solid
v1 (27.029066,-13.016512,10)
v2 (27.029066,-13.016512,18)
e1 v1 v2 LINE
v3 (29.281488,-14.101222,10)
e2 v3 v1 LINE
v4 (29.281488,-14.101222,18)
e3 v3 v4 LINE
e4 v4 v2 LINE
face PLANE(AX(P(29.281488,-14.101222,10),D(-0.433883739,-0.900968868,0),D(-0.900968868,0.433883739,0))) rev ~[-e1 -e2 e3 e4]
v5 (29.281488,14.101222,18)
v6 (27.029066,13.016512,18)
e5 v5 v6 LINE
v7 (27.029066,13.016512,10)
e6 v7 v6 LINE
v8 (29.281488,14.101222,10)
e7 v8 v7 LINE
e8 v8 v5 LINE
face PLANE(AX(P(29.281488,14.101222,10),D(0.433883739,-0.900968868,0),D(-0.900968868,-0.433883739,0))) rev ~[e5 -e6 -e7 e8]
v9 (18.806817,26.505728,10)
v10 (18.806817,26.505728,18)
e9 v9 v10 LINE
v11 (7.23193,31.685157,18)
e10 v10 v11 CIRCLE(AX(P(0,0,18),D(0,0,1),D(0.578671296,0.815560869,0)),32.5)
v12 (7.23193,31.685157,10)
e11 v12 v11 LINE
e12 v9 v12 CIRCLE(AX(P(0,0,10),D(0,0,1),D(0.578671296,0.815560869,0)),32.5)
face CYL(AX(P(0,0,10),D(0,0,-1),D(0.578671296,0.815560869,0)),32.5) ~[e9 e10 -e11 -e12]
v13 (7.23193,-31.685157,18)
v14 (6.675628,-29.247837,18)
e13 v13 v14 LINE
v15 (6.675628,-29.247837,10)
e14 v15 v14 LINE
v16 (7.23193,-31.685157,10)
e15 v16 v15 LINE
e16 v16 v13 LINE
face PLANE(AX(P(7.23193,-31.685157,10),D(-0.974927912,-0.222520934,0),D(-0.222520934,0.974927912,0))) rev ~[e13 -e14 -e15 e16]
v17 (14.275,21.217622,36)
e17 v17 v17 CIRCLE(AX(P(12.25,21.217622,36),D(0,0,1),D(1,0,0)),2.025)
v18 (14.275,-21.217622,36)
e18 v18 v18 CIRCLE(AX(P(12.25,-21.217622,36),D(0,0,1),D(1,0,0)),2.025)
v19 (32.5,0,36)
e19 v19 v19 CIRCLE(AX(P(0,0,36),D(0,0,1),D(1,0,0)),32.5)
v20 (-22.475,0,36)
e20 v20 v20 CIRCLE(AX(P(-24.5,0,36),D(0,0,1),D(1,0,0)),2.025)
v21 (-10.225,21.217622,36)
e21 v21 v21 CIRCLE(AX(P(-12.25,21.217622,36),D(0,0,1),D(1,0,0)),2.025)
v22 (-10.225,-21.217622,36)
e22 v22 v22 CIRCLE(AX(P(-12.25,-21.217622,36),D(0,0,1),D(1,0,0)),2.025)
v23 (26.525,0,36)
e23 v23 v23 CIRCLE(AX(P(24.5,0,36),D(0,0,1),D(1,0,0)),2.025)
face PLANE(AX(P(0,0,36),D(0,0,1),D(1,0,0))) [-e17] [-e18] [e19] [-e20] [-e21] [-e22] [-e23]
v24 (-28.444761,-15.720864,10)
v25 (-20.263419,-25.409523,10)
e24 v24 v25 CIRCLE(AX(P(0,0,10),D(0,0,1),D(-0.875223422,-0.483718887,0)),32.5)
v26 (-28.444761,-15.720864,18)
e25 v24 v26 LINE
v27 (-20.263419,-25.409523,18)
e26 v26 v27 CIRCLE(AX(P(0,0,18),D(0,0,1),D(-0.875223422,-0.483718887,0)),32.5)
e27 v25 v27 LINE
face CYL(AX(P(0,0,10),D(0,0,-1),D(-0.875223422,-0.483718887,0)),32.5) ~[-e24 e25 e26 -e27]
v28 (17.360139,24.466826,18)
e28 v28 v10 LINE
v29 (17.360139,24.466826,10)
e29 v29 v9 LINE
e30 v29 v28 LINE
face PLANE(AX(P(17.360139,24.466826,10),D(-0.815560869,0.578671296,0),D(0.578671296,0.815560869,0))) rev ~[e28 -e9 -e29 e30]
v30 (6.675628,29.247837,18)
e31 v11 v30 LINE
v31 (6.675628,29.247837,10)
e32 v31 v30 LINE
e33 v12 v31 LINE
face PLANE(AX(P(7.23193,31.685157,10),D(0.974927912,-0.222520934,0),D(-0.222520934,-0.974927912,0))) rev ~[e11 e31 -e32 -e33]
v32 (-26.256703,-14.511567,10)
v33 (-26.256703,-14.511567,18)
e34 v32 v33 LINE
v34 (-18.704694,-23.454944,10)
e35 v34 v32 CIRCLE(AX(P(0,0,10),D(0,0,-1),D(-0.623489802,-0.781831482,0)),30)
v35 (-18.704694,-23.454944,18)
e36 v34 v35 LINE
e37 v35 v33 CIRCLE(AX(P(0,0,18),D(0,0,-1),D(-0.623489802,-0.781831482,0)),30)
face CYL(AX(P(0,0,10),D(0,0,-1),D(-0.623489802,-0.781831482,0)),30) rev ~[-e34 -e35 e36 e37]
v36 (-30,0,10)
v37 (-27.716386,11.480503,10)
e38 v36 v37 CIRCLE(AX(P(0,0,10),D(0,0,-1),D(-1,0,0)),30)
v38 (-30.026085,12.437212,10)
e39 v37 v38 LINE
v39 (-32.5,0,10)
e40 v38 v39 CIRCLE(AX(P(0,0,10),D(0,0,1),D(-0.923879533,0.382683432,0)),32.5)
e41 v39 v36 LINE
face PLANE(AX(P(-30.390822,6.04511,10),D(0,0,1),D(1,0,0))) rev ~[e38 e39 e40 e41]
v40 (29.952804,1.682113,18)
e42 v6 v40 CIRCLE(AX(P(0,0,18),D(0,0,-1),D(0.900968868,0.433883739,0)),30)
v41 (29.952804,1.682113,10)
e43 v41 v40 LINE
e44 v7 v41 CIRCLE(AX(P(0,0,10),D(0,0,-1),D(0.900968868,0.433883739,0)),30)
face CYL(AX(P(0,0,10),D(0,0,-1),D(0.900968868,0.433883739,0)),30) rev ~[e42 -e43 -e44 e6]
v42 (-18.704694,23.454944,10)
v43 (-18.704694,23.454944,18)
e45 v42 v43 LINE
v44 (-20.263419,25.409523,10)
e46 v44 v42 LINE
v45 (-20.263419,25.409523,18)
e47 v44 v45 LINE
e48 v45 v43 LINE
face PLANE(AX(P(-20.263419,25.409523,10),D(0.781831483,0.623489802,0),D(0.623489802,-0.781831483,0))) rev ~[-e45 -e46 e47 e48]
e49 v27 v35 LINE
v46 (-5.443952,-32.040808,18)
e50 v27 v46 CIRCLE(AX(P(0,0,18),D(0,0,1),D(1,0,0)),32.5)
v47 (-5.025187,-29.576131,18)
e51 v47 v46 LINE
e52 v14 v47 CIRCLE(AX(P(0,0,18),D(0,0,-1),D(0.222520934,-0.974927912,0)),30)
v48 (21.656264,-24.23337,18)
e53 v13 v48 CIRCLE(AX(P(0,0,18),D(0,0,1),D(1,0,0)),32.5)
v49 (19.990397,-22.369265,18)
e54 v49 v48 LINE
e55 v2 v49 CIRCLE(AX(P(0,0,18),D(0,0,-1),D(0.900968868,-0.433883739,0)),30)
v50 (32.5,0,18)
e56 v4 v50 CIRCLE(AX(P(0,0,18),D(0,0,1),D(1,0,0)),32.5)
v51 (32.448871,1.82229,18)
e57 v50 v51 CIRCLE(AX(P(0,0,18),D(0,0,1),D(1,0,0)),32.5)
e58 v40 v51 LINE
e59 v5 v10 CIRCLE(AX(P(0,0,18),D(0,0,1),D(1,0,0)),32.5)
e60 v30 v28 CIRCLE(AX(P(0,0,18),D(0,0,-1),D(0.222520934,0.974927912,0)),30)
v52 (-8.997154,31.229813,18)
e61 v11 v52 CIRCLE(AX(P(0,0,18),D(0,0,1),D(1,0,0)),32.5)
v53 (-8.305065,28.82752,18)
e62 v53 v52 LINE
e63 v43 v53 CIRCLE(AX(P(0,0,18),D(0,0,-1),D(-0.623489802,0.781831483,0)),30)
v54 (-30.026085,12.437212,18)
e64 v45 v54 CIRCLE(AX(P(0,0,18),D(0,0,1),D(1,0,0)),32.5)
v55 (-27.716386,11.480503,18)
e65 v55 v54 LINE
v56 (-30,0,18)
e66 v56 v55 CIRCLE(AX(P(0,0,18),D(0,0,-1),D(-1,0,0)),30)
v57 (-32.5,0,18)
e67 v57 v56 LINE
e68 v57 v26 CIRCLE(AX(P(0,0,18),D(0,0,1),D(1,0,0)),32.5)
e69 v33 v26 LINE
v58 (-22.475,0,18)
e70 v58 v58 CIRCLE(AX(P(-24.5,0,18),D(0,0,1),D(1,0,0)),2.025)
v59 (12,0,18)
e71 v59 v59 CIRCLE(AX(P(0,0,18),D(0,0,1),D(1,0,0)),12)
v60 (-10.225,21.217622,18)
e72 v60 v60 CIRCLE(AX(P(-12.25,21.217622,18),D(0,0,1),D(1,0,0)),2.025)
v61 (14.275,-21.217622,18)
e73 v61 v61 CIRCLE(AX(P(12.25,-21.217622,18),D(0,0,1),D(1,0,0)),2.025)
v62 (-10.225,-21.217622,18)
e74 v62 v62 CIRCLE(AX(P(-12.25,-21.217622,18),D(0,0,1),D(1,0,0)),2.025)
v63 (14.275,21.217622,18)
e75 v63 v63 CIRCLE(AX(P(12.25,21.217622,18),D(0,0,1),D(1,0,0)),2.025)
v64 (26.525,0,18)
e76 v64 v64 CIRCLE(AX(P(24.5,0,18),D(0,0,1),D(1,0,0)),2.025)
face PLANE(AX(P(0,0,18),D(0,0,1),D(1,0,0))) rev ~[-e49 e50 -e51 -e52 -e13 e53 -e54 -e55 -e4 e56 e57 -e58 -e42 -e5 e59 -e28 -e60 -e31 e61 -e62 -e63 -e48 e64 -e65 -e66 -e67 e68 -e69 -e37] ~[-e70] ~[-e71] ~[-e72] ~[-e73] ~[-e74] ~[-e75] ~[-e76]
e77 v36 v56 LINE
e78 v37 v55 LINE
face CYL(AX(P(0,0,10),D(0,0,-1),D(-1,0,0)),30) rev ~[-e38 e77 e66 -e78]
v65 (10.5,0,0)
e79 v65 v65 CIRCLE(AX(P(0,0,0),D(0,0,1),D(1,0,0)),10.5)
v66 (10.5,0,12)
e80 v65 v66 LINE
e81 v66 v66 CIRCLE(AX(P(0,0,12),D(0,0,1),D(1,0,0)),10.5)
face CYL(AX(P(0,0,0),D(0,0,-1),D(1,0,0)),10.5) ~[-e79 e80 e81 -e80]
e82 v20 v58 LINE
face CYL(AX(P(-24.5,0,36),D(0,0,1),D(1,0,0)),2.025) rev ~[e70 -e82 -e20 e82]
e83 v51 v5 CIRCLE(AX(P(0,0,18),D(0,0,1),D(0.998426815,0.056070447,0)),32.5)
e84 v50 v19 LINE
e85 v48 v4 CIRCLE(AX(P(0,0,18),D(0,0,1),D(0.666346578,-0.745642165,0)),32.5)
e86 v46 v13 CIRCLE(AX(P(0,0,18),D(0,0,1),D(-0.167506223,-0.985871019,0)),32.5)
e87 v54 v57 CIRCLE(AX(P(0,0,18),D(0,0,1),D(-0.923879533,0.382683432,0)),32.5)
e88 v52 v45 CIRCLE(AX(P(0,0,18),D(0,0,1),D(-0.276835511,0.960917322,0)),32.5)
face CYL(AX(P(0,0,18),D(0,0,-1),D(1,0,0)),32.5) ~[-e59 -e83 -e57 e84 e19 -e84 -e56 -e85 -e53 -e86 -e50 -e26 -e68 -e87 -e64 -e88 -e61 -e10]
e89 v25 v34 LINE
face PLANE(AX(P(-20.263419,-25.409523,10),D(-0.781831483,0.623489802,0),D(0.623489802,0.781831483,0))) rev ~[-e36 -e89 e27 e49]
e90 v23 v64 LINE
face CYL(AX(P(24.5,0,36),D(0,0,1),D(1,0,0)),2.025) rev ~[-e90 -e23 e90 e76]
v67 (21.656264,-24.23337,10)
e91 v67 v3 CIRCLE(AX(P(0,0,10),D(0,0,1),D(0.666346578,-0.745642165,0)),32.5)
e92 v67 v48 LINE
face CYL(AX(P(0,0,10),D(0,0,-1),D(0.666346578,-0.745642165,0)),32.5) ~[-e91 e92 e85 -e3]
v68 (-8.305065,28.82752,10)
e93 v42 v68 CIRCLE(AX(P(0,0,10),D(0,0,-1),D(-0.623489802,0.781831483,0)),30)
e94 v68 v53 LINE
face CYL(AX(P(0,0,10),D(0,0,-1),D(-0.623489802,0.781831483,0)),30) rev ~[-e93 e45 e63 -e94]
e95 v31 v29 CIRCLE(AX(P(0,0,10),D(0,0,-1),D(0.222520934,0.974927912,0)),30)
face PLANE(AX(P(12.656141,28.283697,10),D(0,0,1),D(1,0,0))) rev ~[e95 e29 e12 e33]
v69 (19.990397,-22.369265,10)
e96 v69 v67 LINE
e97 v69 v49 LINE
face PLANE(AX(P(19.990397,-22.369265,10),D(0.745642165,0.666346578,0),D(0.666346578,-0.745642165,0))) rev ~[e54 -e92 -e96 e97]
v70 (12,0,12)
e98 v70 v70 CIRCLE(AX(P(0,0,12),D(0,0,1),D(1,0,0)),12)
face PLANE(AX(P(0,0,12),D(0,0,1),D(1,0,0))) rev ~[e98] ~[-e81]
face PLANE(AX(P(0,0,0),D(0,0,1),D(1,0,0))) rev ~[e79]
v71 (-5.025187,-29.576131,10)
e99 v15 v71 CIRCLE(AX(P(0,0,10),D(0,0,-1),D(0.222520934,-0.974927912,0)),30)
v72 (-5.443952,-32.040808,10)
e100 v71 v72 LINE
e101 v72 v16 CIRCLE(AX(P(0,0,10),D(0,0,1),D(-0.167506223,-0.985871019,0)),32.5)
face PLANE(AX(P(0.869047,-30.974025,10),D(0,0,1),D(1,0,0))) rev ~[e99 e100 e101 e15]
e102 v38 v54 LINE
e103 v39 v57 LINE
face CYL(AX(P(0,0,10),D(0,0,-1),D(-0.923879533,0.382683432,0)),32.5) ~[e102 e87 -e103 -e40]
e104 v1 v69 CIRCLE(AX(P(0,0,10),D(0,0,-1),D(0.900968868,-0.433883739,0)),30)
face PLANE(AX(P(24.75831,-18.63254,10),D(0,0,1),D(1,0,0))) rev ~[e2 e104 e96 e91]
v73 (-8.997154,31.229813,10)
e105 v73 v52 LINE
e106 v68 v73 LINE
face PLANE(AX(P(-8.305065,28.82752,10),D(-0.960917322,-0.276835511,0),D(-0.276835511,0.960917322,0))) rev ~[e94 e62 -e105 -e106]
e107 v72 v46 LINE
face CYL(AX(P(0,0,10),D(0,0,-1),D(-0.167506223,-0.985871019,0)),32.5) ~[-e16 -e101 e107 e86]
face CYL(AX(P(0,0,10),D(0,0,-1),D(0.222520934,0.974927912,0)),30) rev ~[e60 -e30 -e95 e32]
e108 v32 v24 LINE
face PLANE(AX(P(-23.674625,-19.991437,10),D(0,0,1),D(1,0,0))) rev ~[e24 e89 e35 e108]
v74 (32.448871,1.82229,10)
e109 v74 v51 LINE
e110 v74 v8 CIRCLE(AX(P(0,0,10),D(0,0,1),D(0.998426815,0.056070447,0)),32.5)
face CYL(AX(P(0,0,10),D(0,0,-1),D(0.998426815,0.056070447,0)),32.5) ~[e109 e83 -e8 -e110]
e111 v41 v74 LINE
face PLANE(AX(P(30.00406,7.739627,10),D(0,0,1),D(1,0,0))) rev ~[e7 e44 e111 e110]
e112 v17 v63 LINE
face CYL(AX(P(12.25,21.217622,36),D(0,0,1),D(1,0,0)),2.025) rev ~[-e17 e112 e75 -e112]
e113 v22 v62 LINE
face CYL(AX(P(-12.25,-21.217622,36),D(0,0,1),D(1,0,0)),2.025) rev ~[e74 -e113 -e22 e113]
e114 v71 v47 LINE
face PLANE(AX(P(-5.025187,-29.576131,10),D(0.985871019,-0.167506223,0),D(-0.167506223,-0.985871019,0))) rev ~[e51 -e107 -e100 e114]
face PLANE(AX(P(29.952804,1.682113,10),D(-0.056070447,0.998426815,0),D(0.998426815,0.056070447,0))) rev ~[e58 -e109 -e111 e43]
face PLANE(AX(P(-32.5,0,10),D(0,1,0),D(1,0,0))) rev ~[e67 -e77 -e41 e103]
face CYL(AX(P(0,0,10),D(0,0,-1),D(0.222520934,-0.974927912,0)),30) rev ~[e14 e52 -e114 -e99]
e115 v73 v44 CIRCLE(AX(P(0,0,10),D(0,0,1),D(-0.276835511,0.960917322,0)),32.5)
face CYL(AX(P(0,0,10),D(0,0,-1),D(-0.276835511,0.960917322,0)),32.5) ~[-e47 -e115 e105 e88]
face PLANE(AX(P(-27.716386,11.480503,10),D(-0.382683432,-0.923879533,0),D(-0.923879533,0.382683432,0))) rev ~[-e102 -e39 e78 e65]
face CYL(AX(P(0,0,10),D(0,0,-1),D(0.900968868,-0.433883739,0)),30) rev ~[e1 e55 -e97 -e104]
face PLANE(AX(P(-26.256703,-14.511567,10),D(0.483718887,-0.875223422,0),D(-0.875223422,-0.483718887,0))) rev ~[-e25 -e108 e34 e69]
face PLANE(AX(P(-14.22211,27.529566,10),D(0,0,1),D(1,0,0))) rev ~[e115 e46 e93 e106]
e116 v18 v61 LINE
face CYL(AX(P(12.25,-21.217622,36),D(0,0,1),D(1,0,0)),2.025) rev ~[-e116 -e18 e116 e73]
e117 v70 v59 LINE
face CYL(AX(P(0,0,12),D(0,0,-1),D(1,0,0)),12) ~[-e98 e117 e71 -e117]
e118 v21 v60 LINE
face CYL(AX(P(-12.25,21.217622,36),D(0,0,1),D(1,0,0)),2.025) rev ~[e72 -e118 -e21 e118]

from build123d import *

# Parameters (mm, degrees)
SKETCH1_R           = 10.5
BOSS_EXTRUDE1_DEPTH = 12
SKETCH2_R           = 12
BOSS_EXTRUDE2_DEPTH = 6
SKETCH3_R           = 32.5
BOSS_EXTRUDE3_DEPTH = 18
SKETCH4_R           = 2.025
CUT_EXTRUDE1_DEPTH  = 59.38236035
BOSS_EXTRUDE4_START = 8
BOSS_EXTRUDE4_DEPTH = 8


with BuildPart() as part:
    # Sketch1 → Boss-Extrude1 (new body)
    with BuildSketch(Plane.XY):
        Circle(SKETCH1_R)
    extrude(amount=BOSS_EXTRUDE1_DEPTH)

    # Sketch2 → Boss-Extrude2 (add)
    with BuildSketch(Plane.XY.offset(12)):
        Circle(SKETCH2_R)
    extrude(amount=BOSS_EXTRUDE2_DEPTH)

    # Sketch3 → Boss-Extrude3 (add)
    with BuildSketch(Plane.XY.offset(18)):
        Circle(SKETCH3_R)
    extrude(amount=BOSS_EXTRUDE3_DEPTH)

    # Sketch4 → Cut-Extrude1 (cut, through all)
    with BuildSketch(Plane.XY.offset(36)):
        with Locations((24.5, 0)):
            Circle(SKETCH4_R)
        with Locations((12.25, -21.217622393)):
            Circle(SKETCH4_R)
        with Locations((-12.25, -21.217622393)):
            Circle(SKETCH4_R)
        with Locations((-24.5, 0)):
            Circle(SKETCH4_R)
        with Locations((-12.25, 21.217622393)):
            Circle(SKETCH4_R)
        with Locations((12.25, 21.217622393)):
            Circle(SKETCH4_R)
    extrude(amount=-CUT_EXTRUDE1_DEPTH, mode=Mode.SUBTRACT)

    # Sketch5 → Boss-Extrude4 (add)
    with BuildSketch(Plane(origin=(0, 0, 18), x_dir=(-1, 0, 0), z_dir=(0, 0, -1)).offset(BOSS_EXTRUDE4_START)):
        with BuildLine():
            Line((27.716385975, 11.480502971), (30.026084807, 12.437211552))
            ThreePointArc((30.026084807, 12.437211552), (31.875521613, 6.340435466), (32.5, 0))
            Line((32.5, 0), (30, 0))
            ThreePointArc((30, 0), (29.423558412, 5.85270966), (27.716385975, 11.480502971))
        make_face()
        with BuildLine():
            Line((26.256702657, -14.511566613), (28.444761212, -15.720863831))
            ThreePointArc((28.444761212, -15.720863831), (24.831214714, -20.968089465), (20.26341856, -25.40952318))
            Line((20.26341856, -25.40952318), (18.704694056, -23.454944474))
            ThreePointArc((18.704694056, -23.454944474), (22.921121275, -19.355159506), (26.256702657, -14.511566613))
        make_face()
        with BuildLine():
            Line((5.025186699, -29.576130556), (5.443952257, -32.040808102))
            ThreePointArc((5.443952257, -32.040808102), (-0.911503329, -32.487215357), (-7.231930354, -31.685157146))
            Line((-7.231930354, -31.685157146), (-6.675628019, -29.247837365))
            ThreePointArc((-6.675628019, -29.247837365), (-0.841387688, -29.988198791), (5.025186699, -29.576130556))
        make_face()
        with BuildLine():
            Line((-19.990397339, -22.369264946), (-21.656263783, -24.233370359))
            ThreePointArc((-21.656263783, -24.233370359), (-25.967840774, -19.542805467), (-29.281488207, -14.101221521))
            Line((-29.281488207, -14.101221521), (-27.029066037, -13.016512174))
            ThreePointArc((-27.029066037, -13.016512174), (-23.970314561, -18.039512739), (-19.990397339, -22.369264946))
        make_face()
        with BuildLine():
            Line((-29.952804451, 1.682113417), (-32.448871488, 1.822289535))
            ThreePointArc((-32.448871488, 1.822289535), (-31.469864469, 8.11773554), (-29.281488207, 14.101221521))
            Line((-29.281488207, 14.101221521), (-27.029066037, 13.016512174))
            ThreePointArc((-27.029066037, 13.016512174), (-29.049105664, 7.493294345), (-29.952804451, 1.682113417))
        make_face()
        with BuildLine():
            Line((-17.360138885, 24.466826069), (-18.806817126, 26.505728241))
            ThreePointArc((-18.806817126, 26.505728241), (-13.27443835, 29.665456114), (-7.231930354, 31.685157146))
            Line((-7.231930354, 31.685157146), (-6.675628019, 29.247837365))
            ThreePointArc((-6.675628019, 29.247837365), (-12.253327708, 27.383497952), (-17.360138885, 24.466826069))
        make_face()
        with BuildLine():
            Line((8.305065343, 28.827519658), (8.997154121, 31.229812963))
            ThreePointArc((8.997154121, 31.229812963), (14.916910595, 28.874483169), (20.26341856, 25.40952318))
            Line((20.26341856, 25.40952318), (18.704694056, 23.454944474))
            ThreePointArc((18.704694056, 23.454944474), (13.769455934, 26.653369079), (8.305065343, 28.827519658))
        make_face()
    extrude(amount=-BOSS_EXTRUDE4_DEPTH)


solid = part.part
